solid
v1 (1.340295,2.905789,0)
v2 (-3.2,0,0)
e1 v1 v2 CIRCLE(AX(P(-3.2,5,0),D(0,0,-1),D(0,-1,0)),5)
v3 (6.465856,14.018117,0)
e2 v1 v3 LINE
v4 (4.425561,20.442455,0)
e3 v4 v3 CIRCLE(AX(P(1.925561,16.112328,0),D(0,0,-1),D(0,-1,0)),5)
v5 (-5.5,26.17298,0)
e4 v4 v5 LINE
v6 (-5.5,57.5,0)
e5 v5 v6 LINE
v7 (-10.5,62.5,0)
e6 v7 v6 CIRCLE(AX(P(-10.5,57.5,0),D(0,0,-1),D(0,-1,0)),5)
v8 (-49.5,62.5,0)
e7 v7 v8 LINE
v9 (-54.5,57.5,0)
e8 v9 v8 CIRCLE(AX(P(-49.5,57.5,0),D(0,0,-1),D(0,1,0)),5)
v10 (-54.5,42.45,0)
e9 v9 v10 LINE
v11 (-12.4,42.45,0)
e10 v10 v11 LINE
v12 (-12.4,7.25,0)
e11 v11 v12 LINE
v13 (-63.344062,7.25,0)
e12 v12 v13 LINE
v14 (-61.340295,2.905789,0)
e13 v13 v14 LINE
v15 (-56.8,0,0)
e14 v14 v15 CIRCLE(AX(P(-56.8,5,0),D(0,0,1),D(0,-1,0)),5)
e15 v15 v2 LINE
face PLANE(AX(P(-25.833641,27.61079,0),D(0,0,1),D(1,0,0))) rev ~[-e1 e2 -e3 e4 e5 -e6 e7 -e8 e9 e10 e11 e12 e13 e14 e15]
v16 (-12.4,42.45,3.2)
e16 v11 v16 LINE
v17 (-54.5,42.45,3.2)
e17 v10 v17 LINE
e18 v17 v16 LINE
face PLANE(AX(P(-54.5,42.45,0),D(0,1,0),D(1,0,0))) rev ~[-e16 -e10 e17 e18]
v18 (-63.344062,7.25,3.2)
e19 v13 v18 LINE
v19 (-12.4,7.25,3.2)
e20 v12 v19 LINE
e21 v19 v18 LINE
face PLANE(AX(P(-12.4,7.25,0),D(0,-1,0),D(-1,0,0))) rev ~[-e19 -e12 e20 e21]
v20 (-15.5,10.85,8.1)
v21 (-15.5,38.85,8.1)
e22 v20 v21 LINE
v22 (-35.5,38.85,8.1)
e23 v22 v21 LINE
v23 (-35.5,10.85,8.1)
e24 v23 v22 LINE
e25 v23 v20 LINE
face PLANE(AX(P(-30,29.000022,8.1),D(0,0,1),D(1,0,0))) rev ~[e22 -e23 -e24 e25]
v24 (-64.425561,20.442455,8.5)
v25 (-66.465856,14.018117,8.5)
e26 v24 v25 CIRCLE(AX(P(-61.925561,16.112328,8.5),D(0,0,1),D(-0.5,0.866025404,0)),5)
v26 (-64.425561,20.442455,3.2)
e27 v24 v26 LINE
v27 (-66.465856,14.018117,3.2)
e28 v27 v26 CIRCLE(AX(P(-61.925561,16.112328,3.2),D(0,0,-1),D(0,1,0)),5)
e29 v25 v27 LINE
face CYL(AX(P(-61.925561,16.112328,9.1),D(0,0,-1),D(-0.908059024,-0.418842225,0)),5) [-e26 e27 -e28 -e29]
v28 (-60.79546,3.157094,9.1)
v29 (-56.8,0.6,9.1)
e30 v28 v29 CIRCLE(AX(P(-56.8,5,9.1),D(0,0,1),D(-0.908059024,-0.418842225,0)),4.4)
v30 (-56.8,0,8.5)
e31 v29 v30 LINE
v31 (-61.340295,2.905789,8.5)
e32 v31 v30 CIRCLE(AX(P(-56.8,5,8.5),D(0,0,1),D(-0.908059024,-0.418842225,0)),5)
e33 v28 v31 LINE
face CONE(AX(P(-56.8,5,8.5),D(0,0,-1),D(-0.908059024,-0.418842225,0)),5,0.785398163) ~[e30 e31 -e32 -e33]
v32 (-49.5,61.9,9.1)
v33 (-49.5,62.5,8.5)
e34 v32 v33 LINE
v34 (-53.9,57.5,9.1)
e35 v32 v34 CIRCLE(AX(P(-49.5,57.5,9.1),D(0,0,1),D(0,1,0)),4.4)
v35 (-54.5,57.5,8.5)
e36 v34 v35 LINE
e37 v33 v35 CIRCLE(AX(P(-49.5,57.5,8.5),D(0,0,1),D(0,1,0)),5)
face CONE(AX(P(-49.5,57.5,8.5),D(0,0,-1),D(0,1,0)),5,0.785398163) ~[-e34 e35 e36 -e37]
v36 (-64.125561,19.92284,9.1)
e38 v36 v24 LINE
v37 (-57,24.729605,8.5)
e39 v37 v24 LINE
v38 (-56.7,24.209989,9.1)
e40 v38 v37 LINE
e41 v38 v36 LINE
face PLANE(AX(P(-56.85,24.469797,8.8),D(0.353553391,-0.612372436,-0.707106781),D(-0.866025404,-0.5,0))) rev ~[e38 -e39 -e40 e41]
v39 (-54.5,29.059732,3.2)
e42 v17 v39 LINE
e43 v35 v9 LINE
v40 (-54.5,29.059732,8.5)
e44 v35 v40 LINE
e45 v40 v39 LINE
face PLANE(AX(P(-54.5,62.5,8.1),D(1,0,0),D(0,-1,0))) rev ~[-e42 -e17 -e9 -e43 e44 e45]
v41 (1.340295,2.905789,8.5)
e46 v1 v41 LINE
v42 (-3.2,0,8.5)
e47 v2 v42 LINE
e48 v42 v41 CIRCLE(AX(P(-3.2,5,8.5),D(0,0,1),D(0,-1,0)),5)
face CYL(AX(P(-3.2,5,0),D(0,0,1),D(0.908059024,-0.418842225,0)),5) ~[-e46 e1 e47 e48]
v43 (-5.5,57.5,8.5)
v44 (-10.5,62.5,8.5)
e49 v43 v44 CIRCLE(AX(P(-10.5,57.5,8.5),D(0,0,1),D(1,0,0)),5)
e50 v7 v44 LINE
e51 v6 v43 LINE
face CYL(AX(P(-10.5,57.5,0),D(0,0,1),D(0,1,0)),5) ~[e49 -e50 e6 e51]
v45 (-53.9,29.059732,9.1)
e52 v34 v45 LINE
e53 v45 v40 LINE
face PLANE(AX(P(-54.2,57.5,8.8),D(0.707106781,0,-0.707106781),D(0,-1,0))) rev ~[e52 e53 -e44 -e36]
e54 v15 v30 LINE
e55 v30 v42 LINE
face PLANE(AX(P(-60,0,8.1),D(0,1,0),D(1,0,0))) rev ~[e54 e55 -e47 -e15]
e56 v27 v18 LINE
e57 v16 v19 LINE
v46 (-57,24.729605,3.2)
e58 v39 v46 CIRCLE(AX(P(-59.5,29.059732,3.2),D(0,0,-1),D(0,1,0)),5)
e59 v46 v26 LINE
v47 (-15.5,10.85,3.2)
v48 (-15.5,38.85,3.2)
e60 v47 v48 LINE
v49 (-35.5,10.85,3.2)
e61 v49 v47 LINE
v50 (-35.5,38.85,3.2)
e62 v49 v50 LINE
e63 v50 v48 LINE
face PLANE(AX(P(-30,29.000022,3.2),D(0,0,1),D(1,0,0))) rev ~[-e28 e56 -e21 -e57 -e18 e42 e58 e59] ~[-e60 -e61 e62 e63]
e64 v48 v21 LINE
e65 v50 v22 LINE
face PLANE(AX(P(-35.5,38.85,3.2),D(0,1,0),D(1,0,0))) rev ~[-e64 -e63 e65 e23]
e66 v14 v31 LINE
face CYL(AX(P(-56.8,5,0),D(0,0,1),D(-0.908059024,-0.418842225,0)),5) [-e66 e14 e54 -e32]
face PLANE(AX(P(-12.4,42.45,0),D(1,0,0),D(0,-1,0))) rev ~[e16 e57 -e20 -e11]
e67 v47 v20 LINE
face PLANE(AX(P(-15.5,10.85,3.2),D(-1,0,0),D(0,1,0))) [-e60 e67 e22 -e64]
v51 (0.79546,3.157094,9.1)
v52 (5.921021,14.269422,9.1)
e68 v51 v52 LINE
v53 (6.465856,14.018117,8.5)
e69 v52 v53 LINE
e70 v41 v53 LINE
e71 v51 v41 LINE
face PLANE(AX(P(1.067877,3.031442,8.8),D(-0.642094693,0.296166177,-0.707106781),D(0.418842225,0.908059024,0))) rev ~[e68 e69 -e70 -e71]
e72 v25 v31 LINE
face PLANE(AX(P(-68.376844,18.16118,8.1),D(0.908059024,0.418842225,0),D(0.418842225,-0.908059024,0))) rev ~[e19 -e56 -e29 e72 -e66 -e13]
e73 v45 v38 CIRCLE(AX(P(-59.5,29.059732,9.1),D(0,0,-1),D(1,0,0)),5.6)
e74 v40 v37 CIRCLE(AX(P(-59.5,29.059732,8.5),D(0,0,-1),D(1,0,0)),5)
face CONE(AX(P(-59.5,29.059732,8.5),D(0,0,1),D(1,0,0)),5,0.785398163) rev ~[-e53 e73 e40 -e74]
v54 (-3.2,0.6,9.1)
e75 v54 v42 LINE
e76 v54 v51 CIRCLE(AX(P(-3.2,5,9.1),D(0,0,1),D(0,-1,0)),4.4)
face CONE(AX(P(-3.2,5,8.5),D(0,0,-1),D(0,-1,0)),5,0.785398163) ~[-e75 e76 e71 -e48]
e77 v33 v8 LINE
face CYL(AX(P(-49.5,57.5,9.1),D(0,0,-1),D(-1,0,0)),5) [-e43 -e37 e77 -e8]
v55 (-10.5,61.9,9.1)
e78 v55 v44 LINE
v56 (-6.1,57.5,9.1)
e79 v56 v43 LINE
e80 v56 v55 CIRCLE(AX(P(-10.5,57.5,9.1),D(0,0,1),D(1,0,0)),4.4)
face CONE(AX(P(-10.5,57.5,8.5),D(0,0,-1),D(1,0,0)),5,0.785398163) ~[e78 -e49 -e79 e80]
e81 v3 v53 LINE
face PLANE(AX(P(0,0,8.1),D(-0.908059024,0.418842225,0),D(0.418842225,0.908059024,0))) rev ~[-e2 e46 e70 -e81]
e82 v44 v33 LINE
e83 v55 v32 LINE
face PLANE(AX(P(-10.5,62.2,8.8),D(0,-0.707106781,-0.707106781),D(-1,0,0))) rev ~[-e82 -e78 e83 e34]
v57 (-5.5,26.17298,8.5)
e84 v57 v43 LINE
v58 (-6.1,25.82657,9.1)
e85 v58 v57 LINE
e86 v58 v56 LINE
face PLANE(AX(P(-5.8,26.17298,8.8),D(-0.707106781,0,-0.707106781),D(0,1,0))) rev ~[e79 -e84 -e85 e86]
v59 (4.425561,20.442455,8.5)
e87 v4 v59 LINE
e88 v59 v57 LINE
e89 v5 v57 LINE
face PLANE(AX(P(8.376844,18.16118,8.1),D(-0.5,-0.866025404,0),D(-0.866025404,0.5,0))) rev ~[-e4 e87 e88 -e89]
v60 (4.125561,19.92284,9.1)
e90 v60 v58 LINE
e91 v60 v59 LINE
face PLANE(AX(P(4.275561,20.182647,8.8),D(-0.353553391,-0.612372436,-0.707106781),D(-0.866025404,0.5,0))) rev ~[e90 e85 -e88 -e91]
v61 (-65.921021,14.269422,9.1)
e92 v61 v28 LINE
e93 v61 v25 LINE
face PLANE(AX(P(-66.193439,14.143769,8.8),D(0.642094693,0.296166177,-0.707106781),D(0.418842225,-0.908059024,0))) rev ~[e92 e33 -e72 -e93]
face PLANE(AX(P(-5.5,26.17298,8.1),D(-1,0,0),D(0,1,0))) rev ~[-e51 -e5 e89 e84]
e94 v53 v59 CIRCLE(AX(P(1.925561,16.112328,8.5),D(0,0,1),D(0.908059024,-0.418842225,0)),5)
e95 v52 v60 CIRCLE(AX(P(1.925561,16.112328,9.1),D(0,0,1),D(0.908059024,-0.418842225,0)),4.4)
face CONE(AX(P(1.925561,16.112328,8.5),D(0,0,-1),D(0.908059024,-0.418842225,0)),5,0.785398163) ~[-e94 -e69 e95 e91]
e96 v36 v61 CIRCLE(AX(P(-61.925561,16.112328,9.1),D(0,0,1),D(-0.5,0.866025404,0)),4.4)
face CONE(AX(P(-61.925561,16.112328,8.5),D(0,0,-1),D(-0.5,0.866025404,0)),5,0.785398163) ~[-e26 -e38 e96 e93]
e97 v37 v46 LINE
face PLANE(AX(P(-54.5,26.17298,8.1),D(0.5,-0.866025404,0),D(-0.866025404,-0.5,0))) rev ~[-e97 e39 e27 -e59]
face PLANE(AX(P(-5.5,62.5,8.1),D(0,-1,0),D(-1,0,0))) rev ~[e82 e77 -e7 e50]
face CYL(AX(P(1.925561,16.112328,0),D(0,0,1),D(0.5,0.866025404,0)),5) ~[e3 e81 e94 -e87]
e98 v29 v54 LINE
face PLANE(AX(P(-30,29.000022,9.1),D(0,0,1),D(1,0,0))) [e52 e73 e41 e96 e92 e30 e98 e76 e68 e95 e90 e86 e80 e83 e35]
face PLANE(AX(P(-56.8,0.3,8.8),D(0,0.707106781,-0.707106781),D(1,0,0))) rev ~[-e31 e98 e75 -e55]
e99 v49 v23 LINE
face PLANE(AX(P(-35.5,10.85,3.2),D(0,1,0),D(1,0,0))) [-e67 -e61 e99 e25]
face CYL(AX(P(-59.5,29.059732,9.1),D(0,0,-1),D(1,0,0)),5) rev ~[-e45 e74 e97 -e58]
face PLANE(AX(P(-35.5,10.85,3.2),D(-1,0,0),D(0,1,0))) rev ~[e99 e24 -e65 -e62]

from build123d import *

# Parameters (mm, degrees)
BOSS_EXTRUDE1_DEPTH = 3.2
SKETCH2_W           = 20
SKETCH2_H           = 28
BOSS_EXTRUDE2_DEPTH = 4.9
BOSS_EXTRUDE3_DEPTH = 1
FILLET1_R           = 5
CHAMFER1_SIZE       = 0.6


with BuildPart() as part:
    # Sketch1 → Boss-Extrude1 (new body)
    with BuildSketch(Plane.XY):
        Polygon((-54.5, 42.45), (-12.4, 42.45), (-12.4, 7.25), (-63.3440625, 7.25), (-60, 0), (0, 0), (8.376844495, 18.161180477), (-5.5, 26.172980381), (-5.5, 62.5), (-54.5, 62.5), align=None)
    extrude(amount=BOSS_EXTRUDE1_DEPTH)

    # Sketch2 → Boss-Extrude2 (add)
    with BuildSketch(Plane.XY.offset(3.2)):
        Polygon((-5.5, 26.172980381), (-5.5, 62.5), (-54.5, 62.5), (-54.5, 26.172980381), (-68.376844495, 18.161180477), (-60, 0), (0, 0), (8.376844495, 18.161180477), align=None)
        with Locations((-25.5, 24.85)):
            Rectangle(SKETCH2_W, SKETCH2_H, mode=Mode.SUBTRACT)
    extrude(amount=BOSS_EXTRUDE2_DEPTH)

    # Sketch3 → Boss-Extrude3 (add)
    with BuildSketch(Plane.XY.offset(8.1)):
        Polygon((-68.376844495, 18.161180477), (-60, 0), (0, 0), (8.376844495, 18.161180477), (-5.5, 26.172980381), (-5.5, 62.5), (-54.5, 62.5), (-54.5, 26.172980381), align=None)
    extrude(amount=BOSS_EXTRUDE3_DEPTH)

    # Fillet1
    fillet1_edges = [part.edges().sort_by_distance(p)[0] for p in [
        (-60, 0, 4.55),
        (-54.5, 26.172980381, 6.15),
        (-68.376844495, 18.161180477, 6.15),
        (0, 0, 4.55),
        (8.376844495, 18.161180477, 4.55),
        (-5.5, 62.5, 4.55),
        (-54.5, 62.5, 4.55),
    ]]
    fillet(fillet1_edges, radius=FILLET1_R)

    # Chamfer1
    chamfer1_edges = [part.edges().sort_by_distance(p)[0] for p in [
        (-55.169872981, 26.559731727, 9.1),
        (-5.5, 41.836490191, 9.1),
        (-0.537219377, 23.307717653, 9.1),
        (3.903075742, 8.461952829, 9.1),
        (-60.712780623, 22.586029816, 9.1),
        (-63.903075742, 8.461952829, 9.1),
        (-30, 0, 9.1),
        (-30, 62.5, 9.1),
        (-54.5, 43.279865864, 9.1),
        (-53.035533906, 61.035533906, 9.1),
        (-6.964466094, 61.035533906, 9.1),
        (-66.691006554, 17.625777943, 9.1),
        (-59.495268482, 0.788642997, 9.1),
        (-0.504731518, 0.788642997, 9.1),
        (6.691006554, 17.625777943, 9.1),
    ]]
    chamfer(chamfer1_edges, length=CHAMFER1_SIZE)


solid = part.part
